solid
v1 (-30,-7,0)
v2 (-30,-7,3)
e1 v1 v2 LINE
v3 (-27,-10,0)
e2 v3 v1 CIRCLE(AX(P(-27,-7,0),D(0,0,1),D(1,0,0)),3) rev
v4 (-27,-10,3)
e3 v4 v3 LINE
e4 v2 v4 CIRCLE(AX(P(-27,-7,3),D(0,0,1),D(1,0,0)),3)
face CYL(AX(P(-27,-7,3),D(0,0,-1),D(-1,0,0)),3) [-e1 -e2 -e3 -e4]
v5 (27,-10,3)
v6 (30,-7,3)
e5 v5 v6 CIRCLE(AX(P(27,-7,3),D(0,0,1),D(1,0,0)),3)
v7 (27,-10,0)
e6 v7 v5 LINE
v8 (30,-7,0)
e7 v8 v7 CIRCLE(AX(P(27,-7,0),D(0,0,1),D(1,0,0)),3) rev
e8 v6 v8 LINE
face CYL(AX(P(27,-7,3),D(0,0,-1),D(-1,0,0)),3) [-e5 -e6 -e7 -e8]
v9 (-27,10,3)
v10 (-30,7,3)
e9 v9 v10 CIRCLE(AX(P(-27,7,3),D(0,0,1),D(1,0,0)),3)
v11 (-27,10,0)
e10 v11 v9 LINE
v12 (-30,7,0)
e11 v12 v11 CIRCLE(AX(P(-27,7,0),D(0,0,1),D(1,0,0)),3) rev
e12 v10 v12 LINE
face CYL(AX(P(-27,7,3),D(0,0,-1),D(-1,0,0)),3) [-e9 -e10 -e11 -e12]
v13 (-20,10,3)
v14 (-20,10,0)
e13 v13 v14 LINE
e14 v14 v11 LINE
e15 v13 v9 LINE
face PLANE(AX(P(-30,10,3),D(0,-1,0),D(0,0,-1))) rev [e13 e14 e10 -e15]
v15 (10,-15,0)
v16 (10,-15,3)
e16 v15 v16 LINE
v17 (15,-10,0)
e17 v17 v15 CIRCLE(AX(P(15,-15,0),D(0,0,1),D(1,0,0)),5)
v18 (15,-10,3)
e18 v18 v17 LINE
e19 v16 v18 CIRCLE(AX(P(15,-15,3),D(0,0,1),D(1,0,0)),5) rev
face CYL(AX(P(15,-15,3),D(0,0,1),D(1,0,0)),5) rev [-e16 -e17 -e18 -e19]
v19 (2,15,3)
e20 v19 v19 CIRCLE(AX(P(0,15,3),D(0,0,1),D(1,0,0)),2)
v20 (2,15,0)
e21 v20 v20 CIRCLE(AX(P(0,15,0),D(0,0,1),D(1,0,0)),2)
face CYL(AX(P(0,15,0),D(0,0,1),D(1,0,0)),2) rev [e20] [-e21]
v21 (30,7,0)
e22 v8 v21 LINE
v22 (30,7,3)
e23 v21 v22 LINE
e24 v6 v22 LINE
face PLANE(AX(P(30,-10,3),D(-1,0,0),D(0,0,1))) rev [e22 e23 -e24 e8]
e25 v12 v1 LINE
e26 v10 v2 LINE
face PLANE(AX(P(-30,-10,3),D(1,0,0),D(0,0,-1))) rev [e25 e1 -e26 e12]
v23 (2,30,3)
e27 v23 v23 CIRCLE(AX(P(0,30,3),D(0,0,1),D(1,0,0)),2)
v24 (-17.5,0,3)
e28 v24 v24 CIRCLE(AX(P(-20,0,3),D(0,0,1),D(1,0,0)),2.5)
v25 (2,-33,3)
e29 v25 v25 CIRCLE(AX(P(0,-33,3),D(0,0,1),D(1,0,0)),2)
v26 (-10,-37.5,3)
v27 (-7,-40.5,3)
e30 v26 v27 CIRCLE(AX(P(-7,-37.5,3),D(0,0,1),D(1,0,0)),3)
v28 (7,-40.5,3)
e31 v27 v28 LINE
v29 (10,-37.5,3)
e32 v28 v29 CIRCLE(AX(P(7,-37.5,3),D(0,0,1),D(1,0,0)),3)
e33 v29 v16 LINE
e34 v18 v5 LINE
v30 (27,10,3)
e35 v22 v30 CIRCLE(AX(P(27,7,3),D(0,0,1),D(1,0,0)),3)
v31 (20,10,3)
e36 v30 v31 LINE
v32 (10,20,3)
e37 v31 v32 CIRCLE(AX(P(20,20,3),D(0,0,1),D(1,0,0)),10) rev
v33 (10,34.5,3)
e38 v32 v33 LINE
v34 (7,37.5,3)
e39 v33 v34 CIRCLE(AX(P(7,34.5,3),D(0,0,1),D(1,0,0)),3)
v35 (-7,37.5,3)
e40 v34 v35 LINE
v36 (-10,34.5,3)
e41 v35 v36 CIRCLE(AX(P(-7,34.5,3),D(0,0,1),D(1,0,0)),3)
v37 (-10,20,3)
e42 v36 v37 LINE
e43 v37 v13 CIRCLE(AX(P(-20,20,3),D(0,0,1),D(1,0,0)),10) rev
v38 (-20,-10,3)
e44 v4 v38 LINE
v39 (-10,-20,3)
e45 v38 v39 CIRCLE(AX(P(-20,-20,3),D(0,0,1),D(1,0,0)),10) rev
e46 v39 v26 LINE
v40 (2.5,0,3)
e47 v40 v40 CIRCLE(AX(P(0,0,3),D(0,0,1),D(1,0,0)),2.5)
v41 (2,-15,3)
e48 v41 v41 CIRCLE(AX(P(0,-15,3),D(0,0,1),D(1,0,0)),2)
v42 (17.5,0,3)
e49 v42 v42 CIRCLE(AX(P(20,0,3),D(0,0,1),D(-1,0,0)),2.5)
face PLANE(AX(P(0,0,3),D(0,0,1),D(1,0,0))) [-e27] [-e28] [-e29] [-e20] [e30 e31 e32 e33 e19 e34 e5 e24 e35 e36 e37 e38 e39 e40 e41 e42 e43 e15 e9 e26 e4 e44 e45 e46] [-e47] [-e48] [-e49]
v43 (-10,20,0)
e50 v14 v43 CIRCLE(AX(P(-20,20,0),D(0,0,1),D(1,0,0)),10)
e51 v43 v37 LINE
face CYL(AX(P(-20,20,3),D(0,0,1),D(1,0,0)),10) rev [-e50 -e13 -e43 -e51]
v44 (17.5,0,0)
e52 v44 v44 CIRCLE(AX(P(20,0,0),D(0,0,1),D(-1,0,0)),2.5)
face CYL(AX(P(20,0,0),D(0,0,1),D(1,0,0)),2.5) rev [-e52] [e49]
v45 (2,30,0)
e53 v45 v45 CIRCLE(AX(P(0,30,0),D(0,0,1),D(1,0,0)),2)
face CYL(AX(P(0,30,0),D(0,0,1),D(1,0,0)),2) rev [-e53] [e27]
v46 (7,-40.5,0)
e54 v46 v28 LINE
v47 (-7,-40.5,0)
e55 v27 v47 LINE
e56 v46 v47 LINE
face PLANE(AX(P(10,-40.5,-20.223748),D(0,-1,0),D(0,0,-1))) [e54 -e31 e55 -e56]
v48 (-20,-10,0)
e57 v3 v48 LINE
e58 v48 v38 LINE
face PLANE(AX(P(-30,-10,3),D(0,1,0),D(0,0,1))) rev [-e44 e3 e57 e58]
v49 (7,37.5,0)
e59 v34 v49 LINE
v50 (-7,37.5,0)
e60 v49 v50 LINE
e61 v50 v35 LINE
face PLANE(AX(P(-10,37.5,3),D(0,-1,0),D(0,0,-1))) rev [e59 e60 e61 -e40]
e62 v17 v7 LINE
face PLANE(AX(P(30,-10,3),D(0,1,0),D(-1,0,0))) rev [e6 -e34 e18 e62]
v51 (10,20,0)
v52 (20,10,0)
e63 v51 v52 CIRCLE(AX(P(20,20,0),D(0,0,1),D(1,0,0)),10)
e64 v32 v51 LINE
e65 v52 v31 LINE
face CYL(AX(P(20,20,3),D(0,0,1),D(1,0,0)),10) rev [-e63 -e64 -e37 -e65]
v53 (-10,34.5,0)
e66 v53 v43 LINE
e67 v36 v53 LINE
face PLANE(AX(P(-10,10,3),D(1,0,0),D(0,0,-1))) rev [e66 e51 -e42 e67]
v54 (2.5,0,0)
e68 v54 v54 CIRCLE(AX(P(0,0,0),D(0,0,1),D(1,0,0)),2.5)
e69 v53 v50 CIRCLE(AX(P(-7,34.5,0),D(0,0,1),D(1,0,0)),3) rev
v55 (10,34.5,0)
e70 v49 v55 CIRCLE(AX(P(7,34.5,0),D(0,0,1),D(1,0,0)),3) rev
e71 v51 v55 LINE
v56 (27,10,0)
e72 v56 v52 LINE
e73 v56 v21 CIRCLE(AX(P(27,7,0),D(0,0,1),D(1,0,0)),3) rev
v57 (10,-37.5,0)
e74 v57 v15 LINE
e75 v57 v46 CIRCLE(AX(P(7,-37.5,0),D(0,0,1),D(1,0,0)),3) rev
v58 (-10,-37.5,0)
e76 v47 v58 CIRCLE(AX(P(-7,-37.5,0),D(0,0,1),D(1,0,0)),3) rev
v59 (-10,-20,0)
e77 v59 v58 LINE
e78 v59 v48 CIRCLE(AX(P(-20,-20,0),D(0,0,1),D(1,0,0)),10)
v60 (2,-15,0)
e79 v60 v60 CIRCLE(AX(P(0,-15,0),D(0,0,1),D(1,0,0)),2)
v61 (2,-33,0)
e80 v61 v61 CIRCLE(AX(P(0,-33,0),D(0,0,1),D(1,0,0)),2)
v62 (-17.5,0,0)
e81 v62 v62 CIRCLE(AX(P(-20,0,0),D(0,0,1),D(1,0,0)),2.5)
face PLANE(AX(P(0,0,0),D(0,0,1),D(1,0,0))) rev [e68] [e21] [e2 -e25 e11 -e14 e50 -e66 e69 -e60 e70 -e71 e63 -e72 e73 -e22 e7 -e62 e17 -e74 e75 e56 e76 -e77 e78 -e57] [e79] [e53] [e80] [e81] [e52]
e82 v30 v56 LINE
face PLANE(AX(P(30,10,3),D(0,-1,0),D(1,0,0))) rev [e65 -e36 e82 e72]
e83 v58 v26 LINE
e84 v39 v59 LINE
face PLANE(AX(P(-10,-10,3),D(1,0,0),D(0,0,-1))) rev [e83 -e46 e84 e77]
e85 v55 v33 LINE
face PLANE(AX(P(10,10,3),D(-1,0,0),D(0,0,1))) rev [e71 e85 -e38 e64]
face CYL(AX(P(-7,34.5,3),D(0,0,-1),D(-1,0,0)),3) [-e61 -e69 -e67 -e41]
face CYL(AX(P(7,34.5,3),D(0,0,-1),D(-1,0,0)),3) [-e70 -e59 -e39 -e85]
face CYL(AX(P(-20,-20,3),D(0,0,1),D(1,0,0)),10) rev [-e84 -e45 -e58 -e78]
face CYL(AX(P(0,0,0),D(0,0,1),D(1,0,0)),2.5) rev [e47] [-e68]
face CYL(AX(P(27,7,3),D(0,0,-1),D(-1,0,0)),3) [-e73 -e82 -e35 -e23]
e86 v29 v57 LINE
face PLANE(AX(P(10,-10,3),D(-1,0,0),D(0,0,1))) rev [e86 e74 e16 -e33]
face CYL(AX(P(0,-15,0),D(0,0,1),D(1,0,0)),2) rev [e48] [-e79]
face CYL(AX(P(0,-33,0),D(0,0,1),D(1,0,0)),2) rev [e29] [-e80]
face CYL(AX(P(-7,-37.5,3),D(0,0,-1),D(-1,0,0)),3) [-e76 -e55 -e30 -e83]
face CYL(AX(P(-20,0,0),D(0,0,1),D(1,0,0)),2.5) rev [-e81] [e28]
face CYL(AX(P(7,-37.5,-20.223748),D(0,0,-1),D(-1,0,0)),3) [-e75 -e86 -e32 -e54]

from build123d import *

# Parameters (mm, degrees)
EXTRUDE_1_DEPTH     = 3
SKETCH_3_W          = 20
SKETCH_3_H          = 3
EXTRUDE_2_DEPTH     = 3
FILLET_1_R          = 10
FILLET_2_R          = 3
SKETCH_2_R          = 2
CUT_EXTRUDE_1_DEPTH = 51.490098039
SKETCH_4_R          = 2.5
CUT_EXTRUDE_2_DEPTH = 51.490098039
FILLET_3_R          = 5


with BuildPart() as part:
    # 草图1 → 凸台-拉伸1 (new body)
    with BuildSketch(Plane.XY):
        Polygon((-30, -10), (-30, 10), (-10, 10), (-10, 37.5), (10, 37.5), (10, 10), (30, 10), (30, -10), (10, -10), (10, -37.5), (-10, -37.5), (-10, -10), align=None)
    extrude(amount=EXTRUDE_1_DEPTH)

    # 草图3 → 凸台-拉伸2 (add)
    with BuildSketch(Plane.XY.offset(3)):
        with Locations((0, -39)):
            Rectangle(SKETCH_3_W, SKETCH_3_H)
    extrude(amount=-EXTRUDE_2_DEPTH)

    # 圆角1
    fillet_1_edges = [part.edges().sort_by_distance(p)[0] for p in [
        (-10, 10, 1.5),
        (10, 10, 1.5),
        (-10, -10, 1.5),
    ]]
    fillet(fillet_1_edges, radius=FILLET_1_R)

    # 圆角2
    fillet_2_edges = [part.edges().sort_by_distance(p)[0] for p in [
        (-10, 37.5, 1.5),
        (10, 37.5, 1.5),
        (30, 10, 1.5),
        (30, -10, 1.5),
        (-30, -10, 1.5),
        (-30, 10, 1.5),
        (-10, -40.5, 1.5),
        (10, -40.5, 1.5),
    ]]
    fillet(fillet_2_edges, radius=FILLET_2_R)

    # 草图2 → 切除-拉伸1 (cut, through all)
    with BuildSketch(Plane.XY.offset(3)):
        with Locations((0, 30)):
            Circle(SKETCH_2_R)
        with Locations((0, 15)):
            Circle(SKETCH_2_R)
        with Locations((0, -15)):
            Circle(SKETCH_2_R)
        with Locations((0, -33)):
            Circle(SKETCH_2_R)
    extrude(amount=-CUT_EXTRUDE_1_DEPTH, mode=Mode.SUBTRACT)

    # 草图4 → 切除-拉伸2 (cut, through all)
    with BuildSketch(Plane.XY.offset(3)):
        with Locations((-20, 0)):
            Circle(SKETCH_4_R)
        Circle(SKETCH_4_R)
        with Locations(Location((20, 0, 0), (0, 0, 180))):
            Circle(SKETCH_4_R)
    extrude(amount=-CUT_EXTRUDE_2_DEPTH, mode=Mode.SUBTRACT)

    # 圆角3
    fillet_3_edges = [part.edges().sort_by_distance(p)[0] for p in [
        (10, -10, 1.5),
    ]]
    fillet(fillet_3_edges, radius=FILLET_3_R)


solid = part.part
